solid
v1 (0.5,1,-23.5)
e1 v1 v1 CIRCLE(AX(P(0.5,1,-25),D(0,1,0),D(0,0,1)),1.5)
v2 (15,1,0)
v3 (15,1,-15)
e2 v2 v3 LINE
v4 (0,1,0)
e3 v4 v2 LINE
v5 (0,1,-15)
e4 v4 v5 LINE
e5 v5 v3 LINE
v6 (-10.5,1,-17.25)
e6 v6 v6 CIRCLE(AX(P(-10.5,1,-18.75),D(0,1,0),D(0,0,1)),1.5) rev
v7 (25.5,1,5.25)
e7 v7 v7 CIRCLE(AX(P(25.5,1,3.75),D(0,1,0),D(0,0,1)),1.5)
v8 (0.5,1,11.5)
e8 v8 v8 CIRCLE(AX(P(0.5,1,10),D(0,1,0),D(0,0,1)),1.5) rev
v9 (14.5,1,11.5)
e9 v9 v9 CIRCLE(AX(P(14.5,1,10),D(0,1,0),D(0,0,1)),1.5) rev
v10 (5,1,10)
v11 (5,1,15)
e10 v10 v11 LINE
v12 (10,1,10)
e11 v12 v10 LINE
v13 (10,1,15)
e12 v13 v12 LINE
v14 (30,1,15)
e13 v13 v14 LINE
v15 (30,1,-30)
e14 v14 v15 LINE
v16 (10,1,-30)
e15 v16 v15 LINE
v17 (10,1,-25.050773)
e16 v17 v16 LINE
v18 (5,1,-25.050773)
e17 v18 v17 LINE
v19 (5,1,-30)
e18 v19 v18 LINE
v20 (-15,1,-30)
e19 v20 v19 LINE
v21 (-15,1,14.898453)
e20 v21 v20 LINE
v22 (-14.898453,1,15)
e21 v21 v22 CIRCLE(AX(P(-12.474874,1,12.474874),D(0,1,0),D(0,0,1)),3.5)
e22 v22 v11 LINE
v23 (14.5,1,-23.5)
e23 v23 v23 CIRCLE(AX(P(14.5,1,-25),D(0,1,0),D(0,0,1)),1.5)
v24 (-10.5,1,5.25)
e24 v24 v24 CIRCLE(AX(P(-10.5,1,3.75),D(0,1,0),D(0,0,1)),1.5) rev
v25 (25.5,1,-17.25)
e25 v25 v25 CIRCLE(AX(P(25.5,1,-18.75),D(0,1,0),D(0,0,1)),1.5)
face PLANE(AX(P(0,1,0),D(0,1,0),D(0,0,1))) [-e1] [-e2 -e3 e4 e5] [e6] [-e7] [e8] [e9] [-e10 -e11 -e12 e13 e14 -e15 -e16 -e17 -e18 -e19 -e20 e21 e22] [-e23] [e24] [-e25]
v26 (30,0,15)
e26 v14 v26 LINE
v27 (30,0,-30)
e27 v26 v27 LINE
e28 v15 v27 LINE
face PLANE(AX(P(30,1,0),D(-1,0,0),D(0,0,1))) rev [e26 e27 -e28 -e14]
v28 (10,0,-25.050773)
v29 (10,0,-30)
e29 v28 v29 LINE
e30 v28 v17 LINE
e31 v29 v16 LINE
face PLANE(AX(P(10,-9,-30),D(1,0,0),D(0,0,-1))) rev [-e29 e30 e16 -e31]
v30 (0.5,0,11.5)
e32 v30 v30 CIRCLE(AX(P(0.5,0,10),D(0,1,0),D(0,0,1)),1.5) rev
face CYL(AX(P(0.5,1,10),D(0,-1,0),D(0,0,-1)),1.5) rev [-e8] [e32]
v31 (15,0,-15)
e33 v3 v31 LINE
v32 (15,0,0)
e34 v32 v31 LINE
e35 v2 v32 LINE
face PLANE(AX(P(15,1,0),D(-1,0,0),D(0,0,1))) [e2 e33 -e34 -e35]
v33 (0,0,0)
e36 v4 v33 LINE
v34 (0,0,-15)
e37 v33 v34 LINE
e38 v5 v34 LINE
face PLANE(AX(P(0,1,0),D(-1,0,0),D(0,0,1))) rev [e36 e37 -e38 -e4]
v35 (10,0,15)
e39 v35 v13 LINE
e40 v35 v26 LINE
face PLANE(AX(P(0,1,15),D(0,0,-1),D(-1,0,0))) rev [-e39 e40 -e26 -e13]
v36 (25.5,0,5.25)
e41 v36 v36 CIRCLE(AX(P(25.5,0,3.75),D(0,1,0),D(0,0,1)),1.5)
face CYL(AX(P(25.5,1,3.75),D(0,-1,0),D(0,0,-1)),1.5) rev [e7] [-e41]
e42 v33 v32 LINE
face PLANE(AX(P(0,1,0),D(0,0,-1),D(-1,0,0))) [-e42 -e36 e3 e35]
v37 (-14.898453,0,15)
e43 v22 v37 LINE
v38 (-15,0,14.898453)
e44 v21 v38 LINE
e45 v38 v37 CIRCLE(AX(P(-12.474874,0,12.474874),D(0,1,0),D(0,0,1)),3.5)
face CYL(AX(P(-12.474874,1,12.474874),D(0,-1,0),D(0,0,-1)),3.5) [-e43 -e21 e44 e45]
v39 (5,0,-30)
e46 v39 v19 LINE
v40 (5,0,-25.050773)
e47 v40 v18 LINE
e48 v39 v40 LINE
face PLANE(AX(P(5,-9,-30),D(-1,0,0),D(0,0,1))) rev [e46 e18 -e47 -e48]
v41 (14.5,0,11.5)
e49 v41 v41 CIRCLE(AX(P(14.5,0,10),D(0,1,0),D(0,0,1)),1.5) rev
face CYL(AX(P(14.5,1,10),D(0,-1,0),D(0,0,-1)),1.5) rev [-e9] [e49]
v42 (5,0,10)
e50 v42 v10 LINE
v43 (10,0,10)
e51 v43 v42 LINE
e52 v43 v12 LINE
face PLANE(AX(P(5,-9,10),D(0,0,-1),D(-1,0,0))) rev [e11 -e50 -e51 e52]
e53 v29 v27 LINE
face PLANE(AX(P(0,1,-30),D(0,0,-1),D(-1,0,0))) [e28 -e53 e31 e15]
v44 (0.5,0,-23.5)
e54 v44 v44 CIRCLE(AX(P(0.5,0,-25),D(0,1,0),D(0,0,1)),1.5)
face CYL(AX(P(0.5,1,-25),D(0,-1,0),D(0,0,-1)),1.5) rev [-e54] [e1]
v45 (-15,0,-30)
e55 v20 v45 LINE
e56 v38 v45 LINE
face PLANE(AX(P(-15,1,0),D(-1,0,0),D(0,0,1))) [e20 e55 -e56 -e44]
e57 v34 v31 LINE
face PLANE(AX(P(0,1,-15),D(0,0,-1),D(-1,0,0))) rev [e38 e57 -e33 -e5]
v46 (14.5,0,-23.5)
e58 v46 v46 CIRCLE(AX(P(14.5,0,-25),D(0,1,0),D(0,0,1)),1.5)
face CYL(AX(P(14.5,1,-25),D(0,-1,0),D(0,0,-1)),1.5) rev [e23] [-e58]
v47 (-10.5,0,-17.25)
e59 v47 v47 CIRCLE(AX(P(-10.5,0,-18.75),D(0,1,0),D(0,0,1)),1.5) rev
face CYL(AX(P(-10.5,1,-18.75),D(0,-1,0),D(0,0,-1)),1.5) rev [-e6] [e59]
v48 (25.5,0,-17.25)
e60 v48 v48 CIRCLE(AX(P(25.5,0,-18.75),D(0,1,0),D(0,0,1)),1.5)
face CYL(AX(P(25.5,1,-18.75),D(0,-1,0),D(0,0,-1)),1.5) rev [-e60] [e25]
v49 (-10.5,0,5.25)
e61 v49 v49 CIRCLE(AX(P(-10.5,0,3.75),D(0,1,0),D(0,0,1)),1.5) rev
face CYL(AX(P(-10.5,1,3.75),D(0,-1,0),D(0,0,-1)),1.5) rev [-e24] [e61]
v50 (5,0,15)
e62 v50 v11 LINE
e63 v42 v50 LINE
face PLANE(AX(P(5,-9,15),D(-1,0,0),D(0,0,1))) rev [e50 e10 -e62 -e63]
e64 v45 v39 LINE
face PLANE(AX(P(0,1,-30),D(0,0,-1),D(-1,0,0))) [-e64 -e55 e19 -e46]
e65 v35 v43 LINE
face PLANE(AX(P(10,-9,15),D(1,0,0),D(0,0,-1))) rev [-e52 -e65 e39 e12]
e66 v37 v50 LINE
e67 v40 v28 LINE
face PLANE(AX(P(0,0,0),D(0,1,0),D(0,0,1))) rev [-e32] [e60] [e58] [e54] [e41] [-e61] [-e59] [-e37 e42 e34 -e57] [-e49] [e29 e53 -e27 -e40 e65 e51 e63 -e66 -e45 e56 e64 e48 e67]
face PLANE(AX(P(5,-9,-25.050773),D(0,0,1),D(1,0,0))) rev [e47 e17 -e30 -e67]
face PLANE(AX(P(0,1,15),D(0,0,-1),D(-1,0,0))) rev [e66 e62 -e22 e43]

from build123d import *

# Parameters (mm, degrees)
CROQUIS1_R              = 1.5
CROQUIS1_W              = 15
CROQUIS1_H              = 15
SALIENTE_EXTRUIR1_DEPTH = 1
CROQUIS3_W              = 5
CROQUIS3_H              = 4.949226591
CROQUIS3_H_2            = 5
CORTAR_EXTRUIR2_DEPTH   = 10


with BuildPart() as part:
    # Croquis1 → Saliente-Extruir1 (new body)
    with BuildSketch(Plane(origin=(0, 0, 0), x_dir=(1, 0, 0), z_dir=(0, 1, 0))):
        with BuildLine():
            ThreePointArc((-15, -14.898453182), (-14.949747468, -14.949747468), (-14.898453182, -15))
            Line((-14.898453182, -15), (30, -15))
            Line((30, -15), (30, 30))
            Line((30, 30), (-15, 30))
            Line((-15, 30), (-15, -14.898453182))
        make_face()
        with Locations(Location((0.5, -10, 0), (0, 0, 270))):
            Circle(CROQUIS1_R, mode=Mode.SUBTRACT)
        with Locations(Location((-10.5, -3.75, 0), (0, 0, 270))):
            Circle(CROQUIS1_R, mode=Mode.SUBTRACT)
        with Locations(Location((14.5, -10, 0), (0, 0, 270))):
            Circle(CROQUIS1_R, mode=Mode.SUBTRACT)
        with Locations(Location((25.5, -3.75, 0), (0, 0, 270))):
            Circle(CROQUIS1_R, mode=Mode.SUBTRACT)
        with Locations(Location((-10.5, 18.75, 0), (0, 0, 270))):
            Circle(CROQUIS1_R, mode=Mode.SUBTRACT)
        with Locations(Location((0.5, 25, 0), (0, 0, 270))):
            Circle(CROQUIS1_R, mode=Mode.SUBTRACT)
        with Locations((7.5, 7.5)):
            Rectangle(CROQUIS1_W, CROQUIS1_H, mode=Mode.SUBTRACT)
        with Locations(Location((14.5, 25, 0), (0, 0, 270))):
            Circle(CROQUIS1_R, mode=Mode.SUBTRACT)
        with Locations(Location((25.5, 18.75, 0), (0, 0, 270))):
            Circle(CROQUIS1_R, mode=Mode.SUBTRACT)
    extrude(amount=SALIENTE_EXTRUIR1_DEPTH)

    # Croquis3 → Cortar-Extruir2 (cut)
    with BuildSketch(Plane(origin=(0, 1, 0), x_dir=(1, 0, 0), z_dir=(0, 1, 0))):
        with Locations((7.5, 27.525386705)):
            Rectangle(CROQUIS3_W, CROQUIS3_H)
        with Locations((7.5, -12.5)):
            Rectangle(CROQUIS3_W, CROQUIS3_H_2)
    extrude(amount=-CORTAR_EXTRUIR2_DEPTH, mode=Mode.SUBTRACT)


solid = part.part
